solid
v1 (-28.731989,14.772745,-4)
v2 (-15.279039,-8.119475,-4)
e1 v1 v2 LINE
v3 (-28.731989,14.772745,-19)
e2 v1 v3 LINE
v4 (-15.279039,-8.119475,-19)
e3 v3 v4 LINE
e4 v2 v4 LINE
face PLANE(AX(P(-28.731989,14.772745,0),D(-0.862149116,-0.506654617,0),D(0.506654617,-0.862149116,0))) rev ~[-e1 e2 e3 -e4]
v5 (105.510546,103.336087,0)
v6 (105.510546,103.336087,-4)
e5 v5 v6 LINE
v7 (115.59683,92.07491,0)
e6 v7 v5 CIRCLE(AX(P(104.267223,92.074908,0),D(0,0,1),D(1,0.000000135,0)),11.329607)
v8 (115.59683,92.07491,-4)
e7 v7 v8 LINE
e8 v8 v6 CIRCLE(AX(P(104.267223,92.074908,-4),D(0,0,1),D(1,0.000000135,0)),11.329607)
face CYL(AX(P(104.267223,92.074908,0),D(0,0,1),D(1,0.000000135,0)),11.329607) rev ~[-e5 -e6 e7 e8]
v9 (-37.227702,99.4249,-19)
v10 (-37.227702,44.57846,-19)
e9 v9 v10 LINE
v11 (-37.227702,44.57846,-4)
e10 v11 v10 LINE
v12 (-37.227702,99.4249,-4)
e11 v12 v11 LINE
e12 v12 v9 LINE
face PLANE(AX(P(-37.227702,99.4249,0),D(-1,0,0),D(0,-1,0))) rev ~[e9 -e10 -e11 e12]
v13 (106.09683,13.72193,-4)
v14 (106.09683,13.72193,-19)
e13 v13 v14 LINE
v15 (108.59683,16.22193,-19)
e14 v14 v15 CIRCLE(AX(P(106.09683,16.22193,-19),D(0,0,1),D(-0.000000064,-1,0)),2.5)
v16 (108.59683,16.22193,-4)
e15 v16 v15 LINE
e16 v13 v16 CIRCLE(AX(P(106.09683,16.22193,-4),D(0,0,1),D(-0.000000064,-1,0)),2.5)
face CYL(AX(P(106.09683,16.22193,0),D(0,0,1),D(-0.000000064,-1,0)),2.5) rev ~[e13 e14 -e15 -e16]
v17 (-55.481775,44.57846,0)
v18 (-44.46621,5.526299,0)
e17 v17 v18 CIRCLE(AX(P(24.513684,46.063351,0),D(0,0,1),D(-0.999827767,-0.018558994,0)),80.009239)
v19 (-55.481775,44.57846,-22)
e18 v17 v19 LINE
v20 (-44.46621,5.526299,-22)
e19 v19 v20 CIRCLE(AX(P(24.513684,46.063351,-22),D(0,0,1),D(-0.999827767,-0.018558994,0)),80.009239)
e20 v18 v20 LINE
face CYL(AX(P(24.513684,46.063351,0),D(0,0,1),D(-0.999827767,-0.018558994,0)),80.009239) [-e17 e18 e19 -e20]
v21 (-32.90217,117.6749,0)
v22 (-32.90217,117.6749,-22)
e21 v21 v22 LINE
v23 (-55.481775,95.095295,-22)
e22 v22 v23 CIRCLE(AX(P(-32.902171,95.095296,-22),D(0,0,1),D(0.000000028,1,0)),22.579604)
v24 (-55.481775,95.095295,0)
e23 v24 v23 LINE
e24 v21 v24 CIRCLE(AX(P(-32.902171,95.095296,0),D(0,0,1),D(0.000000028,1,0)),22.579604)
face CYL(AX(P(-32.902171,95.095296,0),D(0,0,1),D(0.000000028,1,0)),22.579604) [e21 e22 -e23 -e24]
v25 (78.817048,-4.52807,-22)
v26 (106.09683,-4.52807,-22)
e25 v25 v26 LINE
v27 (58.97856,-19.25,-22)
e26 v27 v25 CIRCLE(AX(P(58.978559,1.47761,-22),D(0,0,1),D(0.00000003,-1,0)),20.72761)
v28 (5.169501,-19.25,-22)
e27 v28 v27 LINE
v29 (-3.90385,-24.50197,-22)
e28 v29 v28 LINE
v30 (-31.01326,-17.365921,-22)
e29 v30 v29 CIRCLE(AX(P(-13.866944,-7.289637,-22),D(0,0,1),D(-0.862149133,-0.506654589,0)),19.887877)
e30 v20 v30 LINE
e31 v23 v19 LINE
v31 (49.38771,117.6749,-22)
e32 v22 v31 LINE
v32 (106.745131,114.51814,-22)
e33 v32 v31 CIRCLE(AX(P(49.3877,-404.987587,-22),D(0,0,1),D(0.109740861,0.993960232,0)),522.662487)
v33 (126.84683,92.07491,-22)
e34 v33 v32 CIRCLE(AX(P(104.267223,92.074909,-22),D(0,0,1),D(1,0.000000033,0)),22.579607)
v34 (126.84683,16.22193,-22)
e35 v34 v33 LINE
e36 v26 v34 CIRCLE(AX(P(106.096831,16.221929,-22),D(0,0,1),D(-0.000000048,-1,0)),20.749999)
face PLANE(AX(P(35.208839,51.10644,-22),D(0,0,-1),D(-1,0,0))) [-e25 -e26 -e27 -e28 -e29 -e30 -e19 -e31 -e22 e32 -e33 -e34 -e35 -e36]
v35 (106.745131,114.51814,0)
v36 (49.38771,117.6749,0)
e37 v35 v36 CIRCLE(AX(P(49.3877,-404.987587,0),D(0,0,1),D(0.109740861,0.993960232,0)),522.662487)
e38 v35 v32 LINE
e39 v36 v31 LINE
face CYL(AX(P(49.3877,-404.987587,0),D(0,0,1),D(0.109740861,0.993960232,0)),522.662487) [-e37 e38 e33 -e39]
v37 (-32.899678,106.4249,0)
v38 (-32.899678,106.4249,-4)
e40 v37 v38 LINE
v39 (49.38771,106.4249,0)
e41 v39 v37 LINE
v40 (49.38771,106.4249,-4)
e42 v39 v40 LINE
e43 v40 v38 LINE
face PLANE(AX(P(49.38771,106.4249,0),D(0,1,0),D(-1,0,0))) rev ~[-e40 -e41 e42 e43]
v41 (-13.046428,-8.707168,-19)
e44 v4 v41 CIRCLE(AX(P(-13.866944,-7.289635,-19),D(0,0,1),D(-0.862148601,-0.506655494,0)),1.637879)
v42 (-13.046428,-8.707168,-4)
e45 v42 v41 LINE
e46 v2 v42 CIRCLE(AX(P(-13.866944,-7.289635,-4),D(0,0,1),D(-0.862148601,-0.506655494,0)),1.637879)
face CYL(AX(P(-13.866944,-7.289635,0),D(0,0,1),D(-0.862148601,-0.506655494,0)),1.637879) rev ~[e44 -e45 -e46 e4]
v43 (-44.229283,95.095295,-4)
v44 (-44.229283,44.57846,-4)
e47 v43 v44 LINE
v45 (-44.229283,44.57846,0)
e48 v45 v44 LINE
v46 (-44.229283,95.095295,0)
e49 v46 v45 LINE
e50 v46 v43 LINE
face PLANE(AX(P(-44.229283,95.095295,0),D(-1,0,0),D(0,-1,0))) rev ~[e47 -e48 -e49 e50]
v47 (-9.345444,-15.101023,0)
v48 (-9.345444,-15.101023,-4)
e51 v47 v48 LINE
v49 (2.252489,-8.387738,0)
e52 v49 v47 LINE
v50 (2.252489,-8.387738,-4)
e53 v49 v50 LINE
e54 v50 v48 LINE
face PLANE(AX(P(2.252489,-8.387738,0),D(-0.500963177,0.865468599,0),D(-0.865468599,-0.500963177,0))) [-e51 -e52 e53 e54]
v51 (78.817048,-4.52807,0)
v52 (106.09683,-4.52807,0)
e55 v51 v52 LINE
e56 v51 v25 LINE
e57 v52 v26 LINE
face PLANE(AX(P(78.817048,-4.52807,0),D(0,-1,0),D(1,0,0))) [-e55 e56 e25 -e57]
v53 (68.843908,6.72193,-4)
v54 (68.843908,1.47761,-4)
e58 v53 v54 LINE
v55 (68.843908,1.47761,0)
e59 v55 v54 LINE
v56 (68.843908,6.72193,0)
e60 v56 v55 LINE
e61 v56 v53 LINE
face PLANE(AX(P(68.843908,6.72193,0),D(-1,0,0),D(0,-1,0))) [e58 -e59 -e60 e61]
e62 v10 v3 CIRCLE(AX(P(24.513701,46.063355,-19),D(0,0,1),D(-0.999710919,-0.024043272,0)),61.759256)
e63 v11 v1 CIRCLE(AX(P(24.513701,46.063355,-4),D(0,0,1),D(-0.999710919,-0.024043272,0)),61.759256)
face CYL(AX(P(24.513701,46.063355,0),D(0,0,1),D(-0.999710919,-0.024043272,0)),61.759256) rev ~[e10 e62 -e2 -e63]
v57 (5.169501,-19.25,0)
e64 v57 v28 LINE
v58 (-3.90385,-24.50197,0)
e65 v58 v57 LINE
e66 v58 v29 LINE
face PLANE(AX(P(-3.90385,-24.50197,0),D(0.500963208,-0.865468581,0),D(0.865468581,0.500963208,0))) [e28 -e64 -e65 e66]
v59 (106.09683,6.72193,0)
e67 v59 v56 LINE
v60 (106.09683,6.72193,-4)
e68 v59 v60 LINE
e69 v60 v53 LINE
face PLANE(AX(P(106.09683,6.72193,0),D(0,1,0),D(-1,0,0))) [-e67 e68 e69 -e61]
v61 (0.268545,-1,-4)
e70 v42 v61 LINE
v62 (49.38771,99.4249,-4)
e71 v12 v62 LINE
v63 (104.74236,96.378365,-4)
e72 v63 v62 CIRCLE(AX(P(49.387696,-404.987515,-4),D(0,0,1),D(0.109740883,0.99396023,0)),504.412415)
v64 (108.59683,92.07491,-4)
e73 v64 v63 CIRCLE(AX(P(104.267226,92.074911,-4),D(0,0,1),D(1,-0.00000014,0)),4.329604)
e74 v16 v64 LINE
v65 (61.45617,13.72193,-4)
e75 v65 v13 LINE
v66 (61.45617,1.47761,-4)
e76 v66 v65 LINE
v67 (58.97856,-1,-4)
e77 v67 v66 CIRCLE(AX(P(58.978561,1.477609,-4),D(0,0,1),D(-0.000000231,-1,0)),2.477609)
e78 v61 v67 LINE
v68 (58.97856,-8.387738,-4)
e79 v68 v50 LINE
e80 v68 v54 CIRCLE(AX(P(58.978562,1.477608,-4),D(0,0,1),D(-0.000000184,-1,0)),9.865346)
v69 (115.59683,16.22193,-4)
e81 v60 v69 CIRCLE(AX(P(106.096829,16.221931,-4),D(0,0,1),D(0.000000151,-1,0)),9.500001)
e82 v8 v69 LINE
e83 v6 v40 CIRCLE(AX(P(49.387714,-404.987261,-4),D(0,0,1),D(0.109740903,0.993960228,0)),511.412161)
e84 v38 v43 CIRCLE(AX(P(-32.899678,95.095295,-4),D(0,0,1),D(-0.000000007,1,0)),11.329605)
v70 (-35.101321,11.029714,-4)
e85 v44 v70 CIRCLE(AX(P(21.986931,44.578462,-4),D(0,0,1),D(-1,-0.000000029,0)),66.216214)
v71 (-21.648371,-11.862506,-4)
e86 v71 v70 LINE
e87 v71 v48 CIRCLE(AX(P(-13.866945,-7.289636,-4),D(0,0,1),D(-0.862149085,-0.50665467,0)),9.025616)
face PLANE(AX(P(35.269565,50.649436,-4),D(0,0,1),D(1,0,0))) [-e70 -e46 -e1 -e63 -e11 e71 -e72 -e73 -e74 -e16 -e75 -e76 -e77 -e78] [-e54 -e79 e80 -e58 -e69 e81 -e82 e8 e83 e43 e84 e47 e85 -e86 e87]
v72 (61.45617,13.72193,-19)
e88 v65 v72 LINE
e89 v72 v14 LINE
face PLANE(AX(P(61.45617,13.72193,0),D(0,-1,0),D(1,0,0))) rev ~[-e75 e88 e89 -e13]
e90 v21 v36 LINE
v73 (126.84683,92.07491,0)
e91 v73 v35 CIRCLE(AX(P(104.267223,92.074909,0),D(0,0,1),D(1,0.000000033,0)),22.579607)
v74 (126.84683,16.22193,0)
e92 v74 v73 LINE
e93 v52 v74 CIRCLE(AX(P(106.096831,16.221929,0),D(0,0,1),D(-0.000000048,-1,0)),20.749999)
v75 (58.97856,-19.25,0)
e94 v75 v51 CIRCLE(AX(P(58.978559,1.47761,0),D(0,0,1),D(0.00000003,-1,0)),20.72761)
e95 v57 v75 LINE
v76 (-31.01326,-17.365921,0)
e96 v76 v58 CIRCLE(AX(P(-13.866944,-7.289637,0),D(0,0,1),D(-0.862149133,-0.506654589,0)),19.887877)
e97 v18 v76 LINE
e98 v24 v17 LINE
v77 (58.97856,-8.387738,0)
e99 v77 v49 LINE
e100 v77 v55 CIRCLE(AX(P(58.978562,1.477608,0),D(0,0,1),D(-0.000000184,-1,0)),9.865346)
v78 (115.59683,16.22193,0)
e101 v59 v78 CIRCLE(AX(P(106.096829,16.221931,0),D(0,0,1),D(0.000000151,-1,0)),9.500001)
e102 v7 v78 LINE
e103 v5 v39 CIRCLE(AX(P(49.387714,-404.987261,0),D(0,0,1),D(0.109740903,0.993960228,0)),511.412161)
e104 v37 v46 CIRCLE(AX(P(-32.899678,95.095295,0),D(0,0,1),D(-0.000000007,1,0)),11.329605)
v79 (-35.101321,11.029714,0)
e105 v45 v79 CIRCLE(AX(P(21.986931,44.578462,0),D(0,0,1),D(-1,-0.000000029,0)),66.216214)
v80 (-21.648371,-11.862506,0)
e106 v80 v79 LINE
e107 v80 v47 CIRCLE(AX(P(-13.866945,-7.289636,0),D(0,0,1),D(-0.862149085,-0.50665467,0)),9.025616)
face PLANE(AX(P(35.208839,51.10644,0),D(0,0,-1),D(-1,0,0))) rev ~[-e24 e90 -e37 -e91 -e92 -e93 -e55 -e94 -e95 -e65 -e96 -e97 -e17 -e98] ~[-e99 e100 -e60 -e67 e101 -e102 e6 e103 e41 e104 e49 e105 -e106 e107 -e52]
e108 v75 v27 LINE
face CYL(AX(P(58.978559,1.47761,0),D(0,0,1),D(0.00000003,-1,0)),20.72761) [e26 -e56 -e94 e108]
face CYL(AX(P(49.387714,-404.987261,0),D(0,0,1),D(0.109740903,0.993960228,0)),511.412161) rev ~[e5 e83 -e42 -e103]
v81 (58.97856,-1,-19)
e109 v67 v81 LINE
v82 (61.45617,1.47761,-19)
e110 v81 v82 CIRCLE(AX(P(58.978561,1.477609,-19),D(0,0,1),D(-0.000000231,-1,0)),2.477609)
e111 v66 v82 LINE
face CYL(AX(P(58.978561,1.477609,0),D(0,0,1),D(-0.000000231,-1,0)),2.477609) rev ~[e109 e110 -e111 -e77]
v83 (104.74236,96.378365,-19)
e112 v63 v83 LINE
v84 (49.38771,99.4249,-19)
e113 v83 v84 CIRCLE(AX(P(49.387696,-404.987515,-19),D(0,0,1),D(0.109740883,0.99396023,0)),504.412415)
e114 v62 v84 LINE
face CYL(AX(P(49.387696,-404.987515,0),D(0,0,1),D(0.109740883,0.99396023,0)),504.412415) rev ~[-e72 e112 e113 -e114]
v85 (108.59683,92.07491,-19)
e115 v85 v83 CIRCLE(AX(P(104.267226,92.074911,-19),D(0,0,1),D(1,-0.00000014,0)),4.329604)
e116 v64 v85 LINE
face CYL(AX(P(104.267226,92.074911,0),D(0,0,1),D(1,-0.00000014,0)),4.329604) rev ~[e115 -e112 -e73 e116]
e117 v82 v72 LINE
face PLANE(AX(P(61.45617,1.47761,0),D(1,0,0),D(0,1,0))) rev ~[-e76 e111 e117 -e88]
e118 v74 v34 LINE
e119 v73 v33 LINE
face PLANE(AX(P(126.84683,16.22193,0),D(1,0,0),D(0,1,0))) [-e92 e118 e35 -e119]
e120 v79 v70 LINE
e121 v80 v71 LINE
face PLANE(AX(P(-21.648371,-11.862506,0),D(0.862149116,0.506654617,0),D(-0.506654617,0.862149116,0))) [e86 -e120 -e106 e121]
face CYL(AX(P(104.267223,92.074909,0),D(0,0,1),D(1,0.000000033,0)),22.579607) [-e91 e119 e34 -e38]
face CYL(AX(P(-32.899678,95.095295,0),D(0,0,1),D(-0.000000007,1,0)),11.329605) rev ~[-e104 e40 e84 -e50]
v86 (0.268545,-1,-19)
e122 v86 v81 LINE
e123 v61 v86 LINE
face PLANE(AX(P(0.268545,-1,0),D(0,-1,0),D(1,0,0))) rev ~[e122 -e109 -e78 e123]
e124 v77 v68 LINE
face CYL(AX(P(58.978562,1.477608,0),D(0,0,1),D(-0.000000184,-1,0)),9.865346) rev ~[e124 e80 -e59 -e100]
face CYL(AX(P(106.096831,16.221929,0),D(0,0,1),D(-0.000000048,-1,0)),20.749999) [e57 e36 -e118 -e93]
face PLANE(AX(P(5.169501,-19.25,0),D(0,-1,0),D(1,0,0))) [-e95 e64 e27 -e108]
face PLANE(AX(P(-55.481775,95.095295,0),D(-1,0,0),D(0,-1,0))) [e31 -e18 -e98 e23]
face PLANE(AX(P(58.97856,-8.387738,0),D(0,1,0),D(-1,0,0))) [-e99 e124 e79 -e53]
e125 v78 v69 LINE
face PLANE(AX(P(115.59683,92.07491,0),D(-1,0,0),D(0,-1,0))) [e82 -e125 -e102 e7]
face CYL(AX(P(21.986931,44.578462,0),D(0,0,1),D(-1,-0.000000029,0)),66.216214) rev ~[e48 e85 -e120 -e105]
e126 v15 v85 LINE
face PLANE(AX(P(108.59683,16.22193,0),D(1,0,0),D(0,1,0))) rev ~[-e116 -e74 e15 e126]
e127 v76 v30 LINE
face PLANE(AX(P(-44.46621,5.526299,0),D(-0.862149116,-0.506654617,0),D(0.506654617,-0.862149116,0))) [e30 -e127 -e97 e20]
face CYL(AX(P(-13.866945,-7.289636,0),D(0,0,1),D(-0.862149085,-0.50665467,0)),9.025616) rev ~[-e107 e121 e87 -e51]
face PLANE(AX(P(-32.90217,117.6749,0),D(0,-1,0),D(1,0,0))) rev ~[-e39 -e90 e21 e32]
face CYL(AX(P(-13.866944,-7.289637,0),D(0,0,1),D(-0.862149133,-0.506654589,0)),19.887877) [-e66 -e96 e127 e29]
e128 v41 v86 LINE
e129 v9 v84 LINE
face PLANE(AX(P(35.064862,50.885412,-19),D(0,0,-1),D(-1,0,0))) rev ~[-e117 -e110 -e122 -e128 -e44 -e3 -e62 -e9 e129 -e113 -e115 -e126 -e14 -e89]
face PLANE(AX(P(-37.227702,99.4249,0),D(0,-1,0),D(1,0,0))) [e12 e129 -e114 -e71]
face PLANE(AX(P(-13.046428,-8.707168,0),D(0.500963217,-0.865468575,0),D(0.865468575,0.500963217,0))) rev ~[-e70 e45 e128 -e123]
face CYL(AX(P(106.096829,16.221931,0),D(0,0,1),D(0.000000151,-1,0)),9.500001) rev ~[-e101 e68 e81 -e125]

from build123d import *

# Parameters (mm, degrees)
PAD_DEPTH       = 22
POCKET_DEPTH    = 4
POCKET001_DEPTH = 19


with BuildPart() as part:
    # Sketch009 → Pad (new body)
    with BuildSketch(Plane.XY):
        with BuildLine():
            Line((-32.90217, 117.6749), (49.38771, 117.6749))
            ThreePointArc((106.745131, 114.51814), (78.109822, 116.885113), (49.38771, 117.6749))
            ThreePointArc((126.84683, 92.07491), (121.086688, 107.139578), (106.745131, 114.51814))
            Line((126.84683, 16.22193), (126.84683, 92.07491))
            ThreePointArc((106.09683, -4.52807), (120.769296, 1.549464), (126.84683, 16.22193))
            Line((78.817048, -4.52807), (106.09683, -4.52807))
            ThreePointArc((58.97856, -19.25), (71.330694, -15.167467), (78.817048, -4.52807))
            Line((5.169501, -19.25), (58.97856, -19.25))
            Line((-3.90385, -24.50197), (5.169501, -19.25))
            ThreePointArc((-31.01326, -17.365921), (-18.929599, -26.522348), (-3.90385, -24.50197))
            Line((-44.46621, 5.526299), (-31.01326, -17.365921))
            ThreePointArc((-55.481775, 44.57846), (-52.490743, 24.342472), (-44.46621, 5.526299))
            Line((-55.481775, 95.095295), (-55.481775, 44.57846))
            ThreePointArc((-32.90217, 117.6749), (-48.868362, 111.061487), (-55.481775, 95.095295))
        make_face()
    extrude(amount=-PAD_DEPTH)

    # Sketch010 → Pocket (cut)
    with BuildSketch(Plane.XY):
        with BuildLine():
            Line((49.38771, 106.4249), (-32.899678, 106.4249))
            ThreePointArc((-32.899678, 106.4249), (-40.910919, 103.106535), (-44.229283, 95.095295))
            Line((-44.229283, 95.095295), (-44.229283, 44.57846))
            ThreePointArc((-44.229283, 44.57846), (-41.906554, 27.194286), (-35.101321, 11.029714))
            Line((-21.648371, -11.862506), (-35.101321, 11.029714))
            ThreePointArc((-21.648371, -11.862506), (-16.164503, -16.017921), (-9.345444, -15.101023))
            Line((2.252489, -8.387738), (-9.345444, -15.101023))
            Line((58.97856, -8.387738), (2.252489, -8.387738))
            ThreePointArc((58.97856, -8.387738), (65.954415, -5.498245), (68.843908, 1.47761))
            Line((68.843908, 6.72193), (68.843908, 1.47761))
            Line((106.09683, 6.72193), (68.843908, 6.72193))
            ThreePointArc((106.09683, 6.72193), (112.814344, 9.504416), (115.59683, 16.22193))
            Line((115.59683, 92.07491), (115.59683, 16.22193))
            ThreePointArc((115.59683, 92.07491), (112.706605, 99.633799), (105.510546, 103.336087))
            ThreePointArc((105.510546, 103.336087), (77.491595, 105.652113), (49.38771, 106.4249))
        make_face()
    extrude(amount=-POCKET_DEPTH, mode=Mode.SUBTRACT)

    # Sketch011 → Pocket001 (cut)
    with BuildSketch(Plane.XY):
        with BuildLine():
            Line((-37.227702, 99.4249), (49.38771, 99.4249))
            ThreePointArc((104.74236, 96.378365), (77.106921, 98.66269), (49.38771, 99.4249))
            ThreePointArc((108.59683, 92.07491), (107.492332, 94.963537), (104.74236, 96.378365))
            Line((108.59683, 16.22193), (108.59683, 92.07491))
            ThreePointArc((106.09683, 13.72193), (107.864597, 14.454163), (108.59683, 16.22193))
            Line((61.45617, 13.72193), (106.09683, 13.72193))
            Line((61.45617, 1.47761), (61.45617, 13.72193))
            ThreePointArc((58.97856, -1), (60.730495, -0.274325), (61.45617, 1.47761))
            Line((0.268545, -1), (58.97856, -1))
            Line((-13.046428, -8.707168), (0.268545, -1))
            ThreePointArc((-15.279039, -8.119475), (-14.283882, -8.873557), (-13.046428, -8.707168))
            Line((-28.731989, 14.772745), (-15.279039, -8.119475))
            ThreePointArc((-37.227702, 44.57846), (-34.879927, 29.13401), (-28.731989, 14.772745))
            Line((-37.227702, 99.4249), (-37.227702, 44.57846))
        make_face()
    extrude(amount=-POCKET001_DEPTH, mode=Mode.SUBTRACT)


solid = part.part
